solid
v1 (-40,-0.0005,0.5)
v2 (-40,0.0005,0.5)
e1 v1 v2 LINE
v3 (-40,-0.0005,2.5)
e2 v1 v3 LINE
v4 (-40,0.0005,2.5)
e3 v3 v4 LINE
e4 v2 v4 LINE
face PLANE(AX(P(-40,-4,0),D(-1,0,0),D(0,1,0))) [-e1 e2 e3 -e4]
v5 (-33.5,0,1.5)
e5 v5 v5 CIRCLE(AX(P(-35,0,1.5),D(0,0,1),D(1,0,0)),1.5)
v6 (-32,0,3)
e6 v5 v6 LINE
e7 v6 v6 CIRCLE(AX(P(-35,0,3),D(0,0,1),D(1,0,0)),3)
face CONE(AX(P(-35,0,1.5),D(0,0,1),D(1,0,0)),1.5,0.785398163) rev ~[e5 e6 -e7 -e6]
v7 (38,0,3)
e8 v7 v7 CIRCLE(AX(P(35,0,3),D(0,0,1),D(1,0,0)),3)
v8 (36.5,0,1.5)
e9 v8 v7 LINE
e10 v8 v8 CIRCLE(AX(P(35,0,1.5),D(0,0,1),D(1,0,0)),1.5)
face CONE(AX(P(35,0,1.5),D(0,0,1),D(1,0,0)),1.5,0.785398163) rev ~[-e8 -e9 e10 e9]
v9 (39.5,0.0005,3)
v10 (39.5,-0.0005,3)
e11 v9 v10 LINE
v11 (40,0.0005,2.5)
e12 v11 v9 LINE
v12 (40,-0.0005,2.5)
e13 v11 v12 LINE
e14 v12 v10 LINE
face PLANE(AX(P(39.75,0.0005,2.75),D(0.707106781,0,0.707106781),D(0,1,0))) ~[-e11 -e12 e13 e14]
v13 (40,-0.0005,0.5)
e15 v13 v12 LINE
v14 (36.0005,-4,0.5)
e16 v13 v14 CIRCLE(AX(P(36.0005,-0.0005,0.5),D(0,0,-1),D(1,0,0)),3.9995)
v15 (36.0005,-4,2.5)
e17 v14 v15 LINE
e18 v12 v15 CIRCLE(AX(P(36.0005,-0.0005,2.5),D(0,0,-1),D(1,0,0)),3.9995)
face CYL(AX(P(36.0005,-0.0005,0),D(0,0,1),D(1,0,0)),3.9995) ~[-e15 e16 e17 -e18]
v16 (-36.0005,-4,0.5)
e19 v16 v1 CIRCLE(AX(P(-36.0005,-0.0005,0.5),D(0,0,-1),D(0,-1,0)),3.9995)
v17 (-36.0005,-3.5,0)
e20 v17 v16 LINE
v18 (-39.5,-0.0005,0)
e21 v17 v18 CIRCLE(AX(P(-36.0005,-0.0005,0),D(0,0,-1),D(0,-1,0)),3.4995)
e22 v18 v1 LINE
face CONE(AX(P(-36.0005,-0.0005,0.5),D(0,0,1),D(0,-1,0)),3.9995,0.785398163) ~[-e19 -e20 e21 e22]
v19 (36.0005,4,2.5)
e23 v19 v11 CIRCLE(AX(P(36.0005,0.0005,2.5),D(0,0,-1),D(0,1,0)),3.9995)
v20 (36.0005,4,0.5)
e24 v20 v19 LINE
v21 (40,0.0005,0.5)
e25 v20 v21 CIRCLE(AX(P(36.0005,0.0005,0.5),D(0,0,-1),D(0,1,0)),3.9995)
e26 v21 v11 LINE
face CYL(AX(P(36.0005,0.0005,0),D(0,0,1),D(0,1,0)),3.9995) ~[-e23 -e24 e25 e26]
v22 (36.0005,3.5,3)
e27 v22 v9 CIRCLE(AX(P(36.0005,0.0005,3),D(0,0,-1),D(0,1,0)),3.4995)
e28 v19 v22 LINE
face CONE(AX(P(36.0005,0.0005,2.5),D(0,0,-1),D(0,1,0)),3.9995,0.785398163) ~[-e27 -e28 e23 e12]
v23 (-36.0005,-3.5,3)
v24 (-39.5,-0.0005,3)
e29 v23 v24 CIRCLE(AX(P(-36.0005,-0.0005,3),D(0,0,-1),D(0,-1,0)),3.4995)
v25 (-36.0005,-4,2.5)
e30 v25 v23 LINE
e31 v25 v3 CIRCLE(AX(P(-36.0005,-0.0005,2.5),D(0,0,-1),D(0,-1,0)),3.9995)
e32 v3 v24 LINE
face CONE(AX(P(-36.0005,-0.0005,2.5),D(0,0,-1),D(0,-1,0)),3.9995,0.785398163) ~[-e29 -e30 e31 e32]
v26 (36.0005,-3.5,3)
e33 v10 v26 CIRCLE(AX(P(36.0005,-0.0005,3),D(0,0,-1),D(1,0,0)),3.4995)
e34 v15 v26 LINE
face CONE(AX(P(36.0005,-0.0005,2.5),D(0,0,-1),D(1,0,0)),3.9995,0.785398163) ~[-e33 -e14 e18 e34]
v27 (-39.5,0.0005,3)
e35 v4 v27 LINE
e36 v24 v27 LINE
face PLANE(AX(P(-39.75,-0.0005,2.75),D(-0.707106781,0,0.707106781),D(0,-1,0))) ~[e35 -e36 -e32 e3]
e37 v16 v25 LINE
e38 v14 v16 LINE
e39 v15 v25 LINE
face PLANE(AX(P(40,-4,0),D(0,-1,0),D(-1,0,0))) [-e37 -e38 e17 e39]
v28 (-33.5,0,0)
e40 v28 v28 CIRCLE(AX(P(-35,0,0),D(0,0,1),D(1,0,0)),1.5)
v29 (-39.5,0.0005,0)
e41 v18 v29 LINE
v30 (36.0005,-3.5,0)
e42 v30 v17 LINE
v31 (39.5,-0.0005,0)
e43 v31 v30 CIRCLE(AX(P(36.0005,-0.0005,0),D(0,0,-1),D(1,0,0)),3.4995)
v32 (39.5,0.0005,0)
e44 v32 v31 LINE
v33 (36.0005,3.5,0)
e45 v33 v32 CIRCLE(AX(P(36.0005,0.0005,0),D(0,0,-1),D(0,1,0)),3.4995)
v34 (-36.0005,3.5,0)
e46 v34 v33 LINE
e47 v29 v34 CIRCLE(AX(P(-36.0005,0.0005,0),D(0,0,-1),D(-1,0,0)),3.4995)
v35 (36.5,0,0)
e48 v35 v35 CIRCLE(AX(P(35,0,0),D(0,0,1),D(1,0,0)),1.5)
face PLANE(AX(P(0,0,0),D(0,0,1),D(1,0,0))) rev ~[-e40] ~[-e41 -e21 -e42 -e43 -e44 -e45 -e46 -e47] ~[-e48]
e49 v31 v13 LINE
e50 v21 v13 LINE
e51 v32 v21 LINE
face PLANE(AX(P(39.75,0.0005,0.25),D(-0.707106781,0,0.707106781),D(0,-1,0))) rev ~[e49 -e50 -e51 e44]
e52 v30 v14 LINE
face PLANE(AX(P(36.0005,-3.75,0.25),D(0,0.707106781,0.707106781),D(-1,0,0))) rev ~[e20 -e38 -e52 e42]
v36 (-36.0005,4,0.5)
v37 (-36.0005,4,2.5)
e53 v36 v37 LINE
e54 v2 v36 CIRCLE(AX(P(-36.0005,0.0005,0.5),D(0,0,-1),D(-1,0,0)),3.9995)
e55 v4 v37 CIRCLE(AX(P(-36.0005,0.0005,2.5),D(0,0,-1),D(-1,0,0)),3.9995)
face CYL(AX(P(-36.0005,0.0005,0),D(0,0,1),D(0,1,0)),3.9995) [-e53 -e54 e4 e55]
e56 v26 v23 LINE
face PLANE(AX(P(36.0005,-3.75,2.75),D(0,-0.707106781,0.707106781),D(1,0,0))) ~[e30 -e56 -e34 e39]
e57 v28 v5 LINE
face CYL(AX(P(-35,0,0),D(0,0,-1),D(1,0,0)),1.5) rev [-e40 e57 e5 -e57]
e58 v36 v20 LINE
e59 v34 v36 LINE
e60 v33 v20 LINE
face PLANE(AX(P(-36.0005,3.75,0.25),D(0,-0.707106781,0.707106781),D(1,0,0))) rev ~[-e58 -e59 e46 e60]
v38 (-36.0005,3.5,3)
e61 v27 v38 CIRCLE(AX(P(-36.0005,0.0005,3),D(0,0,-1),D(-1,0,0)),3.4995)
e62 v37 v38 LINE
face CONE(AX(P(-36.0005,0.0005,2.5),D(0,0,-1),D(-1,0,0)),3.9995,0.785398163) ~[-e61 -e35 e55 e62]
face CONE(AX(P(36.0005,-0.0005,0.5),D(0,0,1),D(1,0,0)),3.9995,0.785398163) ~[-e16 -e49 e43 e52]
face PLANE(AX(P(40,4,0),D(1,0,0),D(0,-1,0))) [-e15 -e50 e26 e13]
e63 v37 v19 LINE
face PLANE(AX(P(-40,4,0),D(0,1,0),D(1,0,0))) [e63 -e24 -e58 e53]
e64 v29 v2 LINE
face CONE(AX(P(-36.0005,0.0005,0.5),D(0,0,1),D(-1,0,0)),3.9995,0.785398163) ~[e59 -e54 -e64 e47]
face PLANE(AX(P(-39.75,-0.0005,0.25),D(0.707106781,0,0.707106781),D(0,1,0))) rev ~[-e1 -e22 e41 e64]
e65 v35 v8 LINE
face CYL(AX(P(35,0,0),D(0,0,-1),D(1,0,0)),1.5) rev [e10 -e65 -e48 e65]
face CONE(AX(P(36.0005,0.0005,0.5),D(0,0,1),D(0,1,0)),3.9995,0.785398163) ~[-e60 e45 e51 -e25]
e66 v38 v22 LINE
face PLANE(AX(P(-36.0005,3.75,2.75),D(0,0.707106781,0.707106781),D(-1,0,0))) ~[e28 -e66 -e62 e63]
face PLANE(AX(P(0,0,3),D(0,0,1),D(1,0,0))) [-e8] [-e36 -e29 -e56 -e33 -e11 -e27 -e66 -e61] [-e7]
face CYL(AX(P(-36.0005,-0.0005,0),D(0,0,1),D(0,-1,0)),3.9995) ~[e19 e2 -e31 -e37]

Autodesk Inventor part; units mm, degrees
ref_plane "YZ Plane" through (0, 0, 0) normal (1, 0, 0) x (0, 1, 0)
ref_plane "XZ Plane" through (0, 0, 0) normal (0, 1, 0) x (-1, 0, 0)
ref_plane "XY Plane" through (0, 0, 0) normal (0, 0, 1) x (1, 0, 0)
sketch "Sketch1" plane through (0, 0, 0) normal (0, 0, 1) x (1, 0, 0)
  line L0 (-40, 4) -> (40, 4)
  line L1 (40, 4) -> (40, -4)
  line L2 (40, -4) -> (-40, -4)
  line L3 (-40, -4) -> (-40, 4)
  line L4 (-40, 4) -> (40, -4) construction
  line L5 (40, 4) -> (-40, -4) construction
  line L6 (0, 0) -> (0, 15.184) construction
  circle A0 centre (-35, 0) radius 1.5
  circle A1 centre (35, 0) radius 1.5
  dimension "d0" = 3
  dimension "d1" = 70
  dimension "d2" = 80
  dimension "d3" = 8
extrude "Extrusion1" add sketch "Sketch1" along normal blind 3
chamfer "Chamfer1" distance 1.5 angle 45 2 edges at (-36.5, 0, 3) (33.5, 0, 3)
fillet "Fillet1" radius 4 4 edges at (-40, 4, 1.5) (-40, -4, 1.5) (40, 4, 1.5) (40, -4, 1.5)
chamfer "Chamfer2" distance 0.5 angle 45 8 edges at (0, 4, 0) (-38.8286, 2.8286, 0) (0, -4, 0) (38.8286, 2.8286, 0) (0, 4, 3) (-38.8286, 2.8286, 3) (0, -4, 3) (38.8286, 2.8286, 3)
properties part number "HoldingPlate"
